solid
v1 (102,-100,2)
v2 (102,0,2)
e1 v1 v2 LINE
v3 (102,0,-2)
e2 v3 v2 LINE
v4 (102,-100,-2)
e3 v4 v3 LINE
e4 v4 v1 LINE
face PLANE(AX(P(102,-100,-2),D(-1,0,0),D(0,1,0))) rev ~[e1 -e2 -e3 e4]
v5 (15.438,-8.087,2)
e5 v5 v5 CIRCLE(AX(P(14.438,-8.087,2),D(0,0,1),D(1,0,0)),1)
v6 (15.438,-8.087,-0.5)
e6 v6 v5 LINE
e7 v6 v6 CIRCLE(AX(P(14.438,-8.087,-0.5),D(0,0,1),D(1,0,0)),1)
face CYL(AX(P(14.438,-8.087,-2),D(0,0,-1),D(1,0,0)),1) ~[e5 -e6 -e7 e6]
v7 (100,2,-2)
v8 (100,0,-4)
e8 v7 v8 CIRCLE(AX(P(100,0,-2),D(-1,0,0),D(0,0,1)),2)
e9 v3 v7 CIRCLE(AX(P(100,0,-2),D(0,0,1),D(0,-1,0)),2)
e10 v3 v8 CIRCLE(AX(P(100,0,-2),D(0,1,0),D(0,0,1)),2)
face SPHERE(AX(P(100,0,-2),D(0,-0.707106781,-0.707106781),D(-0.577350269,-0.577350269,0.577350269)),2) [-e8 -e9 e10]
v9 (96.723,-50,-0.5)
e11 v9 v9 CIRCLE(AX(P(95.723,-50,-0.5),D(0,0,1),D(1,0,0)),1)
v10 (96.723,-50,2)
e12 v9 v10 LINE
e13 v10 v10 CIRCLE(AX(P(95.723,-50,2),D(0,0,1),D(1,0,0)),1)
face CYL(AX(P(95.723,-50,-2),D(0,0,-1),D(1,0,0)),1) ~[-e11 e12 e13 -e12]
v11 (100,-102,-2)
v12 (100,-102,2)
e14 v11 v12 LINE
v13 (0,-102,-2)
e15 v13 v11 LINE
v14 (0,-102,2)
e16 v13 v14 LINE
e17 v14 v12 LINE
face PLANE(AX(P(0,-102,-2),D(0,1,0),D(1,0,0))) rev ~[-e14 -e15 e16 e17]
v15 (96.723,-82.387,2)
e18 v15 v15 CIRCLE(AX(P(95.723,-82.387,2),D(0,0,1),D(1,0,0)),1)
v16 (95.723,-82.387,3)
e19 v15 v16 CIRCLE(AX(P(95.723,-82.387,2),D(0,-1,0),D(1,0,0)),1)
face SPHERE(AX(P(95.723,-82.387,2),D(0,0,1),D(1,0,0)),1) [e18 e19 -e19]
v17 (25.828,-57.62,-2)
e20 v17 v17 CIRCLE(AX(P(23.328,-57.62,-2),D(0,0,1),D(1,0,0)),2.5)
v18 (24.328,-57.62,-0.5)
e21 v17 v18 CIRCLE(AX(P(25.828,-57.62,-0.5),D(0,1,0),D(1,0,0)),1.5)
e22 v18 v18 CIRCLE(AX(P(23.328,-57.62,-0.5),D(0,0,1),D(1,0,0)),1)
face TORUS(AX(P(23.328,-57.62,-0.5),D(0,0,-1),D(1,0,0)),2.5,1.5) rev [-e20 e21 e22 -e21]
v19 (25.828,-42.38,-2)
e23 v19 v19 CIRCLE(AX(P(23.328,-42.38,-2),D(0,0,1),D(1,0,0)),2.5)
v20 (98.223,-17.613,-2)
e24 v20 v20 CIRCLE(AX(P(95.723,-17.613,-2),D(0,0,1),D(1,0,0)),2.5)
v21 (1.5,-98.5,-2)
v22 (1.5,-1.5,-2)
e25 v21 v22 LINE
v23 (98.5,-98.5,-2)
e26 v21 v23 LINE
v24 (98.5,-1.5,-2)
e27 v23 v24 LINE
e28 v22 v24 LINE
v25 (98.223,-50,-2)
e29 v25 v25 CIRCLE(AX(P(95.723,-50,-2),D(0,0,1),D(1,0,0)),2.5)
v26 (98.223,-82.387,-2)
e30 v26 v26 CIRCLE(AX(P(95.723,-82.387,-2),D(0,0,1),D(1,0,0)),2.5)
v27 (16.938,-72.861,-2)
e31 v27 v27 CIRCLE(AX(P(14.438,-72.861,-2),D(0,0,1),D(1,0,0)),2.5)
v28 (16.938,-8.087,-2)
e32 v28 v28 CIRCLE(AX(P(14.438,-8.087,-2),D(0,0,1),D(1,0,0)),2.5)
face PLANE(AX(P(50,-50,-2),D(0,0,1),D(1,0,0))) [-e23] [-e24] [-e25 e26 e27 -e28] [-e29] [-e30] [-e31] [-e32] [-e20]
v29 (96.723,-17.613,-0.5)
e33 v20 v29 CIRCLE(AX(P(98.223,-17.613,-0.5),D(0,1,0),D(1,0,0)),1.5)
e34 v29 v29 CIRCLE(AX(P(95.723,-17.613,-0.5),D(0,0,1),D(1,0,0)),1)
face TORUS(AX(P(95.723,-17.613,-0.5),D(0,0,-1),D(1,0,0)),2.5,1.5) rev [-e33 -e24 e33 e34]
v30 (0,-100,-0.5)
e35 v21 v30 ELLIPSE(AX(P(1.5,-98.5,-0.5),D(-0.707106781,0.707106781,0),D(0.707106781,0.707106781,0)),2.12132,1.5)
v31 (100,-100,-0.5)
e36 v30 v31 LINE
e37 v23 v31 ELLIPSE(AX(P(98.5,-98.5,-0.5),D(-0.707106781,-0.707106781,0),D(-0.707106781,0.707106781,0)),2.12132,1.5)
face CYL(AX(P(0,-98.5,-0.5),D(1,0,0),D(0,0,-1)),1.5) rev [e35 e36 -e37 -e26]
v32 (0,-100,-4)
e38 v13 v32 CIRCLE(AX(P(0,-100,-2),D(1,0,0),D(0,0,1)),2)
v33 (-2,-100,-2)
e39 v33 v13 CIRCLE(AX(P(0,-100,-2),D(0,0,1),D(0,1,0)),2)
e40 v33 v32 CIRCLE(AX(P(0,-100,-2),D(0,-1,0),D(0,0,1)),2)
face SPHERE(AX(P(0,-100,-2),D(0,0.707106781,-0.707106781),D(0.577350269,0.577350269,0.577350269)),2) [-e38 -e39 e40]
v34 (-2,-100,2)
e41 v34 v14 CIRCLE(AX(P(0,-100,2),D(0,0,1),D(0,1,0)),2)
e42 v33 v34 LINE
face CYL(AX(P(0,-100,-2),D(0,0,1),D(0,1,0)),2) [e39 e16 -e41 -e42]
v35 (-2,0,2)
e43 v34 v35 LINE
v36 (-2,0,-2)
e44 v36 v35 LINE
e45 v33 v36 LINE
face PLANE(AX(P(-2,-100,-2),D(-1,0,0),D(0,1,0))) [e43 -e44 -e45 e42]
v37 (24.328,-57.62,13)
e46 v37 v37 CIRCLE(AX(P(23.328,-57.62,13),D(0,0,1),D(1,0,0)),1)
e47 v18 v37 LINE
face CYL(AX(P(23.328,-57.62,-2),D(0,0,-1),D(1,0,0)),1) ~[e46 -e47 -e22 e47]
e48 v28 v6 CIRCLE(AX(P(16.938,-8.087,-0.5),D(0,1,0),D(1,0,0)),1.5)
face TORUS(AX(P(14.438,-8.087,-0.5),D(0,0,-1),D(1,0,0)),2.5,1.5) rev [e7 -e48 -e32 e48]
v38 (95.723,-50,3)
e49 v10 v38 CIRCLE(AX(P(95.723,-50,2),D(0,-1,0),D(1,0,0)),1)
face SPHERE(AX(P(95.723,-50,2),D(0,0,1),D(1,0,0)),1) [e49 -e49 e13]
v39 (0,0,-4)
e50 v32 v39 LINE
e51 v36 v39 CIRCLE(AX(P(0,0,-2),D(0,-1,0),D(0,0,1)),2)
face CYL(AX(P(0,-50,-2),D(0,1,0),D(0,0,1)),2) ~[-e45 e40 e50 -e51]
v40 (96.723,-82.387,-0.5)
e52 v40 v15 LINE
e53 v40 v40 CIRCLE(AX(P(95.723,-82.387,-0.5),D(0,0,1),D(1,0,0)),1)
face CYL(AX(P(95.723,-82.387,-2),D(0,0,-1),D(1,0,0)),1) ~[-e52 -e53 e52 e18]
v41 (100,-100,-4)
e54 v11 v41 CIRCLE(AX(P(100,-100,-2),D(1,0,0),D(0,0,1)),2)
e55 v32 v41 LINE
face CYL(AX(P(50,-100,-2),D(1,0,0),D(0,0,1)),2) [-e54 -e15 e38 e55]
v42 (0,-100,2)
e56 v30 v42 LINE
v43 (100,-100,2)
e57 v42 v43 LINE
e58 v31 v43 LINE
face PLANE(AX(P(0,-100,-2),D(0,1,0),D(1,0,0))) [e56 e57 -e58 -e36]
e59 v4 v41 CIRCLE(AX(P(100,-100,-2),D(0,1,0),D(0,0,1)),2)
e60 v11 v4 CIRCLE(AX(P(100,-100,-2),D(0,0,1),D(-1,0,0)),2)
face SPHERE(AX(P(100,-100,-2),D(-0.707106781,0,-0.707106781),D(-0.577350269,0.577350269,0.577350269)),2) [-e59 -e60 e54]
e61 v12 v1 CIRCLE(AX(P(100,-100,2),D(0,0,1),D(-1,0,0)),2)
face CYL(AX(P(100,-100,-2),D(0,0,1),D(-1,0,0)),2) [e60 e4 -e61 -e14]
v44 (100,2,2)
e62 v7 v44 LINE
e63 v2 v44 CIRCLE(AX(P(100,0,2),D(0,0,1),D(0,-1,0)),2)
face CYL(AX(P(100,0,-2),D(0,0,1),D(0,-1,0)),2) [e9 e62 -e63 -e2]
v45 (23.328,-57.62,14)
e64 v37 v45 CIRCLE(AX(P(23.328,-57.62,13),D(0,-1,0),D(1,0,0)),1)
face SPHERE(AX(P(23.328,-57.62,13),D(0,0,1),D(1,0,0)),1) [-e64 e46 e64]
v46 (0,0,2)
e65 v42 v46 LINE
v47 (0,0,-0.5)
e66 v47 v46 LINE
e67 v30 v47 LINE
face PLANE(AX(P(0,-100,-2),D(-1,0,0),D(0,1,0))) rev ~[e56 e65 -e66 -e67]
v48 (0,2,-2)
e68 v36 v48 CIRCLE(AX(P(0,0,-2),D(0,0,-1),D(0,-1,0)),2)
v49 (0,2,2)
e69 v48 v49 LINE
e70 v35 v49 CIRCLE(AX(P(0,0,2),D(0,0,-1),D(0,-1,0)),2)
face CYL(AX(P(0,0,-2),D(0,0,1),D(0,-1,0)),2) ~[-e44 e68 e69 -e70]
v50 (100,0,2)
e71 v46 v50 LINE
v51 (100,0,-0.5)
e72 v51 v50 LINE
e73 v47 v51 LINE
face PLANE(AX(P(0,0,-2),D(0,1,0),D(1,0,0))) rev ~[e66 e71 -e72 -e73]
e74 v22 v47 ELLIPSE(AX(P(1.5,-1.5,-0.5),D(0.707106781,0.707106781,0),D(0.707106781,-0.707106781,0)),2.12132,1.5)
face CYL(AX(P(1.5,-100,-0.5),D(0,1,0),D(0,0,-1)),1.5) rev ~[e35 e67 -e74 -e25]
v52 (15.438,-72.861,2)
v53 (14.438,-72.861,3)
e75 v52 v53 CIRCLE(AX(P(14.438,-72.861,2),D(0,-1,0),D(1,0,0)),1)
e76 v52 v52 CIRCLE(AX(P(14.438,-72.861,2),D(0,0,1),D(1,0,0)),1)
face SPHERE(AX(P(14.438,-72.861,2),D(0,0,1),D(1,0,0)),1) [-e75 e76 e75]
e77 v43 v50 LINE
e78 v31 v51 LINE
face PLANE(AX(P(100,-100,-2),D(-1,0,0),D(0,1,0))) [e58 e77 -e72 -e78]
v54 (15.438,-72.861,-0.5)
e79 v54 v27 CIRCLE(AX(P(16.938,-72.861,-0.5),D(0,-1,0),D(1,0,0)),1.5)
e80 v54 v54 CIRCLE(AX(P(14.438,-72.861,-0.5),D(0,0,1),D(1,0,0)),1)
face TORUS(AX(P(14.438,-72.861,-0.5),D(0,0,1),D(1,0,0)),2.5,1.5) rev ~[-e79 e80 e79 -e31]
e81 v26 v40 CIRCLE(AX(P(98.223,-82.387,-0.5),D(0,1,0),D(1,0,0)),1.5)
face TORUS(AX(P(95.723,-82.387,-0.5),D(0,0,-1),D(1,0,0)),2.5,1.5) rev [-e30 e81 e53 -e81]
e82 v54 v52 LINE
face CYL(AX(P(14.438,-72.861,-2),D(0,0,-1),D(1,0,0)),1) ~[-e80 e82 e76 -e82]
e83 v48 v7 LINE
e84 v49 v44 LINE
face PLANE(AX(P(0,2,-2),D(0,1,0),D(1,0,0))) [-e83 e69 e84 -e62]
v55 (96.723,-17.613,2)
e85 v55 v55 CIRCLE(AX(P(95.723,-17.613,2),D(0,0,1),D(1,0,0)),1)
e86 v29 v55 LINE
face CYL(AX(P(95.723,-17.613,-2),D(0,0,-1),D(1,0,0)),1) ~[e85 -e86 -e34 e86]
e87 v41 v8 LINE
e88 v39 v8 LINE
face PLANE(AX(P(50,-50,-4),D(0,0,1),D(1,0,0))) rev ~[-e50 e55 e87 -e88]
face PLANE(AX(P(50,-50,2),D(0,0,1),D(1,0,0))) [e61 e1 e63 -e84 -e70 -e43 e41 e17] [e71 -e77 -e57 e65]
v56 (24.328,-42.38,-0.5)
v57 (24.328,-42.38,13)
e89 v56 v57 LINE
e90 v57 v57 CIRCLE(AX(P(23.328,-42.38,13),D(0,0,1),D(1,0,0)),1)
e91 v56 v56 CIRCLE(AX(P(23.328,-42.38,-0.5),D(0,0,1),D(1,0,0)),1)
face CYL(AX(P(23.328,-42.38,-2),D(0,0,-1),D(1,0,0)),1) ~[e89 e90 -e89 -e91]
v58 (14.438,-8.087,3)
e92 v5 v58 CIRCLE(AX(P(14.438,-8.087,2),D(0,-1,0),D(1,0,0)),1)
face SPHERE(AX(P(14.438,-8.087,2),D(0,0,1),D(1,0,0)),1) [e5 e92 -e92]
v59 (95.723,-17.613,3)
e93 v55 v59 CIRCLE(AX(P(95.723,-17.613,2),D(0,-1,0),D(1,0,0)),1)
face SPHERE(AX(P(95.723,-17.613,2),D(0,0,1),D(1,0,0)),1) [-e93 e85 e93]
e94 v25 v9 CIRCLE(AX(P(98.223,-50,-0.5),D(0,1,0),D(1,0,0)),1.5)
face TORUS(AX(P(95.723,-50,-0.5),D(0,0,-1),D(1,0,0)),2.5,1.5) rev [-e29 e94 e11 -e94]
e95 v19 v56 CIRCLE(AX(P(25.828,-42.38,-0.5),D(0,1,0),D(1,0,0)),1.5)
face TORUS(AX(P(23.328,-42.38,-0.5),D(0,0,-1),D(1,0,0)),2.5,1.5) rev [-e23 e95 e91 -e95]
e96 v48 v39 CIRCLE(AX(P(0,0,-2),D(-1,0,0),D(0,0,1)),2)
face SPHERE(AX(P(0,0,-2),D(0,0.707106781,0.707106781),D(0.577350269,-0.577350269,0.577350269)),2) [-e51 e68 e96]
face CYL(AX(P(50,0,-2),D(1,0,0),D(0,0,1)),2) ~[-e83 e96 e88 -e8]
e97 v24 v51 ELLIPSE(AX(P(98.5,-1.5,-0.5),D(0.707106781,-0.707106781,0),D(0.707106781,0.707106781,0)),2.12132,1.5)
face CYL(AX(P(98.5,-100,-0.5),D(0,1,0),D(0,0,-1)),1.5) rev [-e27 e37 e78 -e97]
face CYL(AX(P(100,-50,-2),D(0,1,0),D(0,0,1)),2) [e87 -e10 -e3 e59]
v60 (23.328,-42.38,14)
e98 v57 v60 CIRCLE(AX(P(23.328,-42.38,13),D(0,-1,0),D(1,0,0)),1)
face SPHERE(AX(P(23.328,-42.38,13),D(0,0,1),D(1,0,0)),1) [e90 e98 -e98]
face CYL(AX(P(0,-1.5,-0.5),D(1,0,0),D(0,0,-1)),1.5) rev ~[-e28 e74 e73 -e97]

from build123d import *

# Parameters (mm, degrees)
SKETCH009_W    = 100
SKETCH009_H    = 100
PAD007_DEPTH   = 4
THICKNESS001_T = 2
SKETCH007_R    = 1
PAD008_DEPTH   = 5
SKETCH008_R    = 1
PAD009_DEPTH   = 16
FILLET003_R    = 1
FILLET002_R    = 1.5


with BuildPart() as part:
    # Sketch009 → Pad007 (new body)
    with BuildSketch(Plane.XY):
        with Locations((50, -50)):
            Rectangle(SKETCH009_W, SKETCH009_H)
    extrude(amount=PAD007_DEPTH)

    # Thickness001
    thickness001_openings = [part.faces().sort_by_distance(p)[0] for p in [
        (50, -50, 4),
    ]]
    offset(amount=THICKNESS001_T, openings=thickness001_openings)

    # Sketch007 → Pad008 (join)
    with BuildSketch(Plane.XY):
        with Locations((14.438, -8.087)):
            Circle(SKETCH007_R)
        with Locations((95.723, -17.613)):
            Circle(SKETCH007_R)
        with Locations((95.723, -50)):
            Circle(SKETCH007_R)
        with Locations((95.723, -82.387)):
            Circle(SKETCH007_R)
        with Locations((14.438, -72.861)):
            Circle(SKETCH007_R)
    extrude(amount=PAD008_DEPTH)

    # Sketch008 → Pad009 (join)
    with BuildSketch(Plane.XY):
        with Locations((23.328, -42.38)):
            Circle(SKETCH008_R)
        with Locations((23.328, -57.62)):
            Circle(SKETCH008_R)
    extrude(amount=PAD009_DEPTH)

    # Fillet003
    fillet003_edges = [part.edges().sort_by_distance(p)[0] for p in [
        (22.328, -57.62, 16),
        (22.328, -42.38, 16),
        (13.438, -8.087, 5),
        (13.438, -72.861, 5),
        (94.723, -82.387, 5),
        (94.723, -50, 5),
        (94.723, -17.613, 5),
    ]]
    fillet(fillet003_edges, radius=FILLET003_R)

    # Fillet002
    fillet002_edges = [part.edges().sort_by_distance(p)[0] for p in [
        (50, 0, 0),
        (0, -50, 0),
        (100, -50, 0),
        (50, -100, 0),
        (94.723, -17.613, 0),
        (94.723, -50, 0),
        (13.438, -72.861, 0),
        (22.328, -42.38, 0),
        (22.328, -57.62, 0),
        (94.723, -82.387, 0),
        (13.438, -8.087, 0),
    ]]
    fillet(fillet002_edges, radius=FILLET002_R)


with BuildPart() as part_1:
    # Body003 placement: moved
    add(part.part.moved(Location((0, 0, -2))))


solid = part_1.part
